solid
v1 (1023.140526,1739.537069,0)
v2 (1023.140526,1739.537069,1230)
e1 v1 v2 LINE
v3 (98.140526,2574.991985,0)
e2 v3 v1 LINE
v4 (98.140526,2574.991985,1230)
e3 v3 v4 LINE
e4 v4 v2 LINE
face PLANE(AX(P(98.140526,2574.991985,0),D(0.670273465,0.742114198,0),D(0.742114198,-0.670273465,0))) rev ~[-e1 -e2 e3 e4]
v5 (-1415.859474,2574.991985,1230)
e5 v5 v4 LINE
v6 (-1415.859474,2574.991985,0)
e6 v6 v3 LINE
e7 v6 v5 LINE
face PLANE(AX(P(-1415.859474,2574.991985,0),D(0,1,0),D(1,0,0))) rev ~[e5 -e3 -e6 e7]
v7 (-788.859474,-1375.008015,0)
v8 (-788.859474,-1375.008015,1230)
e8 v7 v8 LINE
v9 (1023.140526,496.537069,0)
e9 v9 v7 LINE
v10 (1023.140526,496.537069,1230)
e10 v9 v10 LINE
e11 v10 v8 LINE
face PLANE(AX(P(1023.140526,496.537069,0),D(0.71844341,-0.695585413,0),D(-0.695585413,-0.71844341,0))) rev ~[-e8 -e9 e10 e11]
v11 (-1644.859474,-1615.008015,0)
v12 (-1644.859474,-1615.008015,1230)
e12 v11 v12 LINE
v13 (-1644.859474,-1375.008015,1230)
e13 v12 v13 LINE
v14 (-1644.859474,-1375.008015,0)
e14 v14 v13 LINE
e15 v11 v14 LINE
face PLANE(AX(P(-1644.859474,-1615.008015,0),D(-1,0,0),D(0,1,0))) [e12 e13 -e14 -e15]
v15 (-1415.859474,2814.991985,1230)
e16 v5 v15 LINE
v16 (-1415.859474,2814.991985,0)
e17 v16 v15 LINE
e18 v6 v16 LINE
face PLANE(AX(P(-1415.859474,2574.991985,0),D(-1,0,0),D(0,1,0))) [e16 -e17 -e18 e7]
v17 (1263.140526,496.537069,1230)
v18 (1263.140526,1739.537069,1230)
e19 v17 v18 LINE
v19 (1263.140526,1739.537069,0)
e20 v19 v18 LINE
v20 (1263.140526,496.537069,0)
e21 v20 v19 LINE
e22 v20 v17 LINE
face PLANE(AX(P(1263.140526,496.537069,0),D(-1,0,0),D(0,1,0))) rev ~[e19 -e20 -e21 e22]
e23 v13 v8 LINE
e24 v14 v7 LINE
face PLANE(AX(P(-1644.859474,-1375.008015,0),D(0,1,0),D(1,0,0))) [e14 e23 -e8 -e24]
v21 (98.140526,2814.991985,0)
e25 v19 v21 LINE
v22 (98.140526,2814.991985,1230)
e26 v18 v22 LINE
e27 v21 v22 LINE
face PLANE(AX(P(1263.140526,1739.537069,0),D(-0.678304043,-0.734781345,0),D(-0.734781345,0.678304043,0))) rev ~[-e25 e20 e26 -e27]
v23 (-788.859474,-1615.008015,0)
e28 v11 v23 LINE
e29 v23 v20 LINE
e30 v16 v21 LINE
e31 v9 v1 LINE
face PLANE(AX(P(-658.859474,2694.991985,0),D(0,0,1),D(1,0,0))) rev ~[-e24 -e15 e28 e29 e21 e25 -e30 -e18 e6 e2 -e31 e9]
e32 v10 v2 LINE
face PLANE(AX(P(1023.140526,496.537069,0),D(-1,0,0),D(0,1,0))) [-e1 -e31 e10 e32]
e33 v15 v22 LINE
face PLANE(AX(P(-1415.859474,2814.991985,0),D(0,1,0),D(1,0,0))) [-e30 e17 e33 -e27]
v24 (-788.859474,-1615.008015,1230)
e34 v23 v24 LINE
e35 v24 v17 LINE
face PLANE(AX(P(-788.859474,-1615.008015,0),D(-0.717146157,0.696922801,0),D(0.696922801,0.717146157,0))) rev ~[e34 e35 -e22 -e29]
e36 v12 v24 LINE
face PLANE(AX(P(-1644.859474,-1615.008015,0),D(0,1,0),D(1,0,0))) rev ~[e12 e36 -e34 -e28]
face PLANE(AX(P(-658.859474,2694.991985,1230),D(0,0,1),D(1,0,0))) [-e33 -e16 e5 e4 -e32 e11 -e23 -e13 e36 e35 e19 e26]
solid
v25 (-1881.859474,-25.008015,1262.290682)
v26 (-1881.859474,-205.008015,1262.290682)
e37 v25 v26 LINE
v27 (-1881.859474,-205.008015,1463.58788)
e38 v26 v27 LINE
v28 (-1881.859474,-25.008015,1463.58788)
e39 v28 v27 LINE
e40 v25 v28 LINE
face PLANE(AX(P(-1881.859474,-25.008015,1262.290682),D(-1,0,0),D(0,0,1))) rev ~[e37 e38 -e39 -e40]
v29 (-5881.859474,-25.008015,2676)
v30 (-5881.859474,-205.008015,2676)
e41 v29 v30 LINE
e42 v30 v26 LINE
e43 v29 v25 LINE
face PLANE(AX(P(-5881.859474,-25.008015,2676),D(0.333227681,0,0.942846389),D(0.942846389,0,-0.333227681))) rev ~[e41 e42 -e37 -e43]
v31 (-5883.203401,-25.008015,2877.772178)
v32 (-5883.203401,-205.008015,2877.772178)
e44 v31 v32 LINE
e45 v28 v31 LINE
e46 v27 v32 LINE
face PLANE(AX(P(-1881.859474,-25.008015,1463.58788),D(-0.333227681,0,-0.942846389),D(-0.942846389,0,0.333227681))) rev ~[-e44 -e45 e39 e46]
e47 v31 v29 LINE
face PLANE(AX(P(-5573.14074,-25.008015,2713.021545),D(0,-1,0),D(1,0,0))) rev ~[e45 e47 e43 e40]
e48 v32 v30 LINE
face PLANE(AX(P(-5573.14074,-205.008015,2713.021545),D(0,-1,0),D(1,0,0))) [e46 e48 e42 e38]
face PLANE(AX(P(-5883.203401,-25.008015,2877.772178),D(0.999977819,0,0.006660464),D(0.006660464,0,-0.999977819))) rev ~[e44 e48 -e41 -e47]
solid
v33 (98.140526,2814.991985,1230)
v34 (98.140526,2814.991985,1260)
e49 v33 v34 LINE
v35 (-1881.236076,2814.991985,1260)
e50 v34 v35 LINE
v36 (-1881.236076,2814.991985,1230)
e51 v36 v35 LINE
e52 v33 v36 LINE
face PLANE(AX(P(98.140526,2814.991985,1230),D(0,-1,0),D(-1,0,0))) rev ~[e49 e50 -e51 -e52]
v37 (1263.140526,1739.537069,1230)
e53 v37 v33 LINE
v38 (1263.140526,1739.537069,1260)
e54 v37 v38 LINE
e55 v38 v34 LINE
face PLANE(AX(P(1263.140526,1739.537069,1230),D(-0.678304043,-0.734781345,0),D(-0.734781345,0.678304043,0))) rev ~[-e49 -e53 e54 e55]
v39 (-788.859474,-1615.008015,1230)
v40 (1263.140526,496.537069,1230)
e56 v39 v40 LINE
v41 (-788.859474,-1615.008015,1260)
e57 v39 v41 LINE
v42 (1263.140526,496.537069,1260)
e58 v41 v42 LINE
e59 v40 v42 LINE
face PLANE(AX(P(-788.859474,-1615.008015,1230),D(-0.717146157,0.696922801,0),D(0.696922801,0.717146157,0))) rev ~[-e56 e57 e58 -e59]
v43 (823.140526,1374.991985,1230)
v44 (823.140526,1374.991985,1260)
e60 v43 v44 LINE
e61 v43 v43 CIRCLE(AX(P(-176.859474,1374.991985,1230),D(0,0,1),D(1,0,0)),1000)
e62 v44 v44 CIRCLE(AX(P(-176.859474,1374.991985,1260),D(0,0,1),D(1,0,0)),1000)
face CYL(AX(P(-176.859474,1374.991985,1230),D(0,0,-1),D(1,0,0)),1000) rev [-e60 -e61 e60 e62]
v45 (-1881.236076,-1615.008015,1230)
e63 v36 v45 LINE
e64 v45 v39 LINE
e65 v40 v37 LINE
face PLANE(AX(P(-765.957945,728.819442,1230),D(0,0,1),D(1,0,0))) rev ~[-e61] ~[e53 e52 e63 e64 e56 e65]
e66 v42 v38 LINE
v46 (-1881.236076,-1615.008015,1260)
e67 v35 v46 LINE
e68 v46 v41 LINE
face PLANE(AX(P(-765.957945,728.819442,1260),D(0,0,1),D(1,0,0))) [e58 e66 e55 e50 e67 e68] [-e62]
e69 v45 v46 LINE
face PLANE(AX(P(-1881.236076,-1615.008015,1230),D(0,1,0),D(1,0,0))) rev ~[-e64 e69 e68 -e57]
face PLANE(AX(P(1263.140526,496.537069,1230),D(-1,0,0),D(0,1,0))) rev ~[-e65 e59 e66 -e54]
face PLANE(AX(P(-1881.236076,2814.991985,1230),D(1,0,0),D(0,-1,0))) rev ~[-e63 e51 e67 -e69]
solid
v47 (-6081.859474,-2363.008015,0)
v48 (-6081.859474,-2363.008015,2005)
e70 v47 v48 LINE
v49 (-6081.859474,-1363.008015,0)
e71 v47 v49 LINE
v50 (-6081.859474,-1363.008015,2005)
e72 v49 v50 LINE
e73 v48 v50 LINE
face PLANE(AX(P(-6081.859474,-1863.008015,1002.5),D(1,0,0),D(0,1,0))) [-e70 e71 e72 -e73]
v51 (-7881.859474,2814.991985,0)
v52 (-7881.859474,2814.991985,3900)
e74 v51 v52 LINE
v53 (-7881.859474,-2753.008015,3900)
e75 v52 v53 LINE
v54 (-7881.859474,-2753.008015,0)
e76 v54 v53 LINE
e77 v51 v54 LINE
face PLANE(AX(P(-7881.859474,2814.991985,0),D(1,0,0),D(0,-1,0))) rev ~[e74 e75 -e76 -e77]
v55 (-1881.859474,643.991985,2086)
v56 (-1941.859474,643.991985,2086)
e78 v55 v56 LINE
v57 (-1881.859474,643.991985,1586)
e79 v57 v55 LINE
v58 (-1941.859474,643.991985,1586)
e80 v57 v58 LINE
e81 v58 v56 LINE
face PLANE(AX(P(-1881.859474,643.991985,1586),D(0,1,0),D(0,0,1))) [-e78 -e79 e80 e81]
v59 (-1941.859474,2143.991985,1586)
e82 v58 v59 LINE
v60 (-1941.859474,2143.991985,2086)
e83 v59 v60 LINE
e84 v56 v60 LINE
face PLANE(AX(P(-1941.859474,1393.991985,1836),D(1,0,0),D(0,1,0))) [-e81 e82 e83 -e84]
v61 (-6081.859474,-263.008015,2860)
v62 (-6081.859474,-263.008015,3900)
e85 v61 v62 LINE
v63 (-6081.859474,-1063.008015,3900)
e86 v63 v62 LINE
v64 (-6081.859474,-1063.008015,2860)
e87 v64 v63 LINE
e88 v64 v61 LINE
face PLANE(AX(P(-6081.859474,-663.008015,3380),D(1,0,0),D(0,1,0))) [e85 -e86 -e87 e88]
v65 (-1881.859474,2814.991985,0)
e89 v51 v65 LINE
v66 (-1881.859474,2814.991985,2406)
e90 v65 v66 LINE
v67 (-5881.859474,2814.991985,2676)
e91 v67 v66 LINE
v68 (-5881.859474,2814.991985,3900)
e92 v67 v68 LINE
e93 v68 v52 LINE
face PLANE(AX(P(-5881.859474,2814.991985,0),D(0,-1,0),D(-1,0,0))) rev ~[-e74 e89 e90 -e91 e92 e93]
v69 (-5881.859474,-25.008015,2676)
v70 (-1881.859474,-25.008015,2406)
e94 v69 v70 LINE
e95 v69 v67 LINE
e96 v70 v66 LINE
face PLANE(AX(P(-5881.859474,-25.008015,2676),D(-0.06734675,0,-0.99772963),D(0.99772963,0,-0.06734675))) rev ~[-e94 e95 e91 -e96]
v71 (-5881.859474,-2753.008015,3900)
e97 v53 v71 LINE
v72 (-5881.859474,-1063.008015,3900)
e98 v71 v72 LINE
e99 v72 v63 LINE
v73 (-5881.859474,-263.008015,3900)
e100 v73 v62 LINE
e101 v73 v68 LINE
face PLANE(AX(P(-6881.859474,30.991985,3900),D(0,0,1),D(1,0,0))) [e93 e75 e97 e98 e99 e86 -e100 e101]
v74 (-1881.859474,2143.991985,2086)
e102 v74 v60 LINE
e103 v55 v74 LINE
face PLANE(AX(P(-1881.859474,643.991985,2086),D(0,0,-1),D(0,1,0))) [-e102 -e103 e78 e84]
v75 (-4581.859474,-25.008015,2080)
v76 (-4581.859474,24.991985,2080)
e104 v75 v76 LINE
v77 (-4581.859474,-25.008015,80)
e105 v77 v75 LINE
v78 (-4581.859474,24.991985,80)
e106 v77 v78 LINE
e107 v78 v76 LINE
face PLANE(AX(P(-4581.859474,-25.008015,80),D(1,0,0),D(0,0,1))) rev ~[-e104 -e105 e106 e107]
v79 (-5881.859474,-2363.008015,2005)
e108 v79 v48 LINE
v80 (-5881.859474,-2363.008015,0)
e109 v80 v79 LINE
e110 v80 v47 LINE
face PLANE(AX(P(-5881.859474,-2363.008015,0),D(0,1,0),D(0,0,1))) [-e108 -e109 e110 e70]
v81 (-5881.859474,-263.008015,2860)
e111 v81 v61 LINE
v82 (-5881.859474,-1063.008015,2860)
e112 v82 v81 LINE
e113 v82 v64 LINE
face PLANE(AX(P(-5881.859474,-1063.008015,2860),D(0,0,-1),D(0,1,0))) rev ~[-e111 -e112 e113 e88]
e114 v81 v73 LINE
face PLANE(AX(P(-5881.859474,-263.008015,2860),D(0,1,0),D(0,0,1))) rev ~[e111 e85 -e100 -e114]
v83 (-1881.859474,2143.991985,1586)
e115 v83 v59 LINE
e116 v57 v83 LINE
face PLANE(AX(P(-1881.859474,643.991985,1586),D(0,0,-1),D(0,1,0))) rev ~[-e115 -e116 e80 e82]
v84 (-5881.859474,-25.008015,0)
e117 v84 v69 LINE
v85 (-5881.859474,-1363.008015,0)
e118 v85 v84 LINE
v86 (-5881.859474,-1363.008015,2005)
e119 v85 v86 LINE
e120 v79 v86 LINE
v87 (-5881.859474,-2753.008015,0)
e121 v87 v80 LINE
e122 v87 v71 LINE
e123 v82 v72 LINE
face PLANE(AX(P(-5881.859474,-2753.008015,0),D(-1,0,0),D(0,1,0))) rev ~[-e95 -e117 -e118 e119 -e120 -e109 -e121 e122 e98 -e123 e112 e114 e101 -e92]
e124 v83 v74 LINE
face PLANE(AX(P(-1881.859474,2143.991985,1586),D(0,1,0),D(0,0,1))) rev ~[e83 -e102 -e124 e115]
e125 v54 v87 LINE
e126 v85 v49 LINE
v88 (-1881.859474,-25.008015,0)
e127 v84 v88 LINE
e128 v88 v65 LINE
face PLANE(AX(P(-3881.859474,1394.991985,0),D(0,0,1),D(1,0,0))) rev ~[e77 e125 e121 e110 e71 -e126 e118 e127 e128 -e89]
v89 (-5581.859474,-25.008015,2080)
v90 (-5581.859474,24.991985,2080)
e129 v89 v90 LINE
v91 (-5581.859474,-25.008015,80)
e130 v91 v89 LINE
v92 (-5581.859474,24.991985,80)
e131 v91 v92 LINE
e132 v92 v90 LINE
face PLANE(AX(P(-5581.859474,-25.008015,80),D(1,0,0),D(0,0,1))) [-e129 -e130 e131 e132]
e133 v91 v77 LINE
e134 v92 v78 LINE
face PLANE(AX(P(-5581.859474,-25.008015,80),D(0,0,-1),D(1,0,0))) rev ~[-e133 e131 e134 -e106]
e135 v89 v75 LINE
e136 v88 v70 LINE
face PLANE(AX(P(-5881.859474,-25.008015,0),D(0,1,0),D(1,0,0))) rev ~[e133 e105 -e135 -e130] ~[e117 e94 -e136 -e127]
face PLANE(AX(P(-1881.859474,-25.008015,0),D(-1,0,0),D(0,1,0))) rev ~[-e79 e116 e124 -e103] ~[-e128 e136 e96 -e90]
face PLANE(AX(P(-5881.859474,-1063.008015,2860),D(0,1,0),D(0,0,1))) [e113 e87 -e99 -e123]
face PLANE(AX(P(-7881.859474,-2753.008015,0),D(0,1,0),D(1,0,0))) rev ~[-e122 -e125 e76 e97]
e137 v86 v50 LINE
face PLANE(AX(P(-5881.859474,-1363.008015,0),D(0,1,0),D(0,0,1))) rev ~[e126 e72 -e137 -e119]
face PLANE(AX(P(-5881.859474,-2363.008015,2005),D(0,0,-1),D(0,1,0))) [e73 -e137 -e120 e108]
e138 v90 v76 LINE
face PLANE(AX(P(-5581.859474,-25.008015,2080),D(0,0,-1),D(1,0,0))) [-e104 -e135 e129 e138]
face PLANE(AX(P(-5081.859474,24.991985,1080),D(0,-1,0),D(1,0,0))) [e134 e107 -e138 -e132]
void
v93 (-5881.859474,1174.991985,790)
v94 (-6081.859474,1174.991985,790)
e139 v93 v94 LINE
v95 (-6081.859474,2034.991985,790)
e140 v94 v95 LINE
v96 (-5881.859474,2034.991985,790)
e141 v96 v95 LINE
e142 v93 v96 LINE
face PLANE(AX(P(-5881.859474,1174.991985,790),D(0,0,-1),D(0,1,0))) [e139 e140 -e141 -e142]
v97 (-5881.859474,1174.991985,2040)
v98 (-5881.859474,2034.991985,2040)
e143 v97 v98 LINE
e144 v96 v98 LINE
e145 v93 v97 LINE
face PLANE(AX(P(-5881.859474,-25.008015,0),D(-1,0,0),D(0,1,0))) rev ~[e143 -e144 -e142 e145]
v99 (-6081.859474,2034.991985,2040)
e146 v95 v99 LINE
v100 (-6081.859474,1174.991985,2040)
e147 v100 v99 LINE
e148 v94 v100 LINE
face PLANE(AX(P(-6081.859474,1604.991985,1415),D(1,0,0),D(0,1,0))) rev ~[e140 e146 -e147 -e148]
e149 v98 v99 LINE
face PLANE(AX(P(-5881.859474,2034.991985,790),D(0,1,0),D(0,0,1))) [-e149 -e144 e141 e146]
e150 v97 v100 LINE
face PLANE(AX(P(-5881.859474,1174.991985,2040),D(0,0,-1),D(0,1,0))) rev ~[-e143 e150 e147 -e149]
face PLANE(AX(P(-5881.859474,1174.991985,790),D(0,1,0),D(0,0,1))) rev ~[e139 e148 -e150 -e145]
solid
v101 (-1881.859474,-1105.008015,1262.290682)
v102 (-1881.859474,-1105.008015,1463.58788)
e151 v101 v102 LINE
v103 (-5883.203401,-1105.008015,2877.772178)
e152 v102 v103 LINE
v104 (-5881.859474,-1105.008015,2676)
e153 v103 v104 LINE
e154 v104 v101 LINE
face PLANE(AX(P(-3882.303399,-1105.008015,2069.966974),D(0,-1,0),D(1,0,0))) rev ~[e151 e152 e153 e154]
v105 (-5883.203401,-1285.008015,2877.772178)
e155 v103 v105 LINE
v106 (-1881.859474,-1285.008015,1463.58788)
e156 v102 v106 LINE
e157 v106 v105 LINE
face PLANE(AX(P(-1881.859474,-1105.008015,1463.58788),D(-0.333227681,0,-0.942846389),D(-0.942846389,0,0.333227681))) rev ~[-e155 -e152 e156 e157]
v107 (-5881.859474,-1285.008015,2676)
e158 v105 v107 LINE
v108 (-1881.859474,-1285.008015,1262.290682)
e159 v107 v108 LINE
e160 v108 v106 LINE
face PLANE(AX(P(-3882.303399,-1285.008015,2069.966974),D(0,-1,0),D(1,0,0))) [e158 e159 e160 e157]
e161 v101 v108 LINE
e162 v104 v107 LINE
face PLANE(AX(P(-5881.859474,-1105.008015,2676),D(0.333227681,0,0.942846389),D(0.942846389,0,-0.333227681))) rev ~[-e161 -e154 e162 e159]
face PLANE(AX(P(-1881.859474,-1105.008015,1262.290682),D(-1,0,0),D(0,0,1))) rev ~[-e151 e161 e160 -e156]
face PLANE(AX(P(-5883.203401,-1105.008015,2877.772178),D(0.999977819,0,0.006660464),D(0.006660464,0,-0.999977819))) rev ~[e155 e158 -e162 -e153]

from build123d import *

# Parameters (mm, degrees)
F0_W      = 1514
F0_H      = 240
F0_W_2    = 240
F0_H_2    = 1243
F0_W_3    = 856
F1_DEPTH  = 1230
F2_DEPTH  = 3900
F3_W      = 1000
F3_H      = 2005
F4_DEPTH  = 200
F5_W      = 860
F5_H      = 1250
F6_DEPTH  = 200
F7_W      = 800
F7_H      = 1040
F8_DEPTH  = 200
F0_W_4    = 4000
F0_H_3    = 2840
F10_DEPTH = 2676
F12_DEPTH = 3620
F9_R      = 1000
F13_DEPTH = 30
F15_DEPTH = 180
F17_START = 900
F17_DEPTH = 180
F18_W     = 1000
F18_H     = 2000
F19_DEPTH = 50
F20_W     = 1500
F20_H     = 500
F21_DEPTH = 60


with BuildPart() as f1:
    # F0 (on Top) → F1 (new body)
    with BuildSketch(Plane.XY):
        with Locations((-658.8594744233, 2694.9919849969)):
            Rectangle(F0_W, F0_H)
        with Locations((1143.1405255767, 1118.037068611)):
            Rectangle(F0_W_2, F0_H_2)
        Polygon((1263.1405255767, 1739.537068611), (98.1405255767, 2814.9919849969), (98.1405255767, 2574.9919849969), (1023.1405255767, 1739.537068611), align=None)
        Polygon((-788.8594744233, -1615.0080150031), (1263.1405255767, 496.537068611), (1023.1405255767, 496.537068611), (-788.8594744233, -1375.0080150031), align=None)
        with Locations((-1216.8594744233, -1495.0080150031)):
            Rectangle(F0_W_3, F0_H)
    extrude(amount=F1_DEPTH)


with BuildPart() as f2:
    # F0 (on Top) → F2 (new body)
    with BuildSketch(Plane.XY):
        Polygon((-7881.8594744233, 2814.9919849969), (-7881.8594744233, -2753.0080150031), (-5881.8594744233, -2753.0080150031), (-5881.8594744233, -25.0080150031), (-5881.8594744233, 2814.9919849969), align=None)
    extrude(amount=F2_DEPTH)

    # F3 (on face) → F4 (cut)
    with BuildSketch(Plane.YZ.offset(-5881.8594744233)):
        with Locations((-1863.0080150031, 1002.5)):
            Rectangle(F3_W, F3_H)
    extrude(amount=-F4_DEPTH, mode=Mode.SUBTRACT)

    # F5 (on face) → F6 (cut)
    with BuildSketch(Plane.YZ.offset(-5881.8594744233)):
        with Locations((1604.9919849969, 1415)):
            Rectangle(F5_W, F5_H)
    extrude(amount=-F6_DEPTH, mode=Mode.SUBTRACT)

    # F7 (on face) → F8 (cut)
    with BuildSketch(Plane.YZ.offset(-5881.8594744233)):
        with Locations((-663.0080150031, 3380)):
            Rectangle(F7_W, F7_H)
    extrude(amount=-F8_DEPTH, mode=Mode.SUBTRACT)

    # F0 (on Top) → F10 (join)
    with BuildSketch(Plane.XY):
        with Locations((-3881.8594744233, 1394.9919849969)):
            Rectangle(F0_W_4, F0_H_3)
    extrude(amount=F10_DEPTH)

    # F11 (on face) → F12 (cut)
    with BuildSketch(Plane.XZ.offset(25.0080150031)):
        Polygon((-1881.8594744233, 2676), (-5881.8594744233, 2676), (-1881.8594744233, 2406), align=None)
    extrude(amount=-F12_DEPTH, mode=Mode.SUBTRACT)

    # F18 (on face) → F19 (cut)
    with BuildSketch(Plane.XZ.offset(25.0080150031)):
        with Locations((-5081.8594744233, 1080)):
            Rectangle(F18_W, F18_H)
    extrude(amount=-F19_DEPTH, mode=Mode.SUBTRACT)

    # F20 (on face) → F21 (cut)
    with BuildSketch(Plane.YZ.offset(-1881.8594744233)):
        with Locations((1393.9919849969, 1836)):
            Rectangle(F20_W, F20_H)
    extrude(amount=-F21_DEPTH, mode=Mode.SUBTRACT)


with BuildPart() as f13:
    # F9 (on face) → F13 (new body)
    with BuildSketch(Plane.XY.offset(1230)):
        Polygon((-1415.8594744233, 2574.9919849969), (-1415.8594744233, 2814.9919849969), (-1881.236076355, 2814.9919849969), (-1881.236076355, -1615.0080150031), (-1644.8594744233, -1615.0080150031), (-1644.8594744233, -1375.0080150031), (-788.8594744233, -1375.0080150031), (1023.1405255767, 496.537068611), (1023.1405255767, 1739.537068611), (98.1405255767, 2574.9919849969), align=None)
        with Locations((-176.8594744233, 1374.9919849969)):
            Circle(F9_R, mode=Mode.SUBTRACT)
        Polygon((1263.1405255767, 1739.537068611), (98.1405255767, 2814.9919849969), (-1415.8594744233, 2814.9919849969), (-1415.8594744233, 2574.9919849969), (98.1405255767, 2574.9919849969), (1023.1405255767, 1739.537068611), (1023.1405255767, 496.537068611), (-788.8594744233, -1375.0080150031), (-1644.8594744233, -1375.0080150031), (-1644.8594744233, -1615.0080150031), (-788.8594744233, -1615.0080150031), (1263.1405255767, 496.537068611), align=None)
    extrude(amount=F13_DEPTH)


with BuildPart() as f15:
    # F14 (on face) → F15 (new body)
    with BuildSketch(Plane.XZ.offset(25.0080150031)):
        Polygon((-5883.2034006143, 2877.7721783601), (-5881.8594744233, 2676), (-5177.8442322609, 2628.478971154), align=None)
        Polygon((-5177.8442322609, 2628.478971154), (-5881.8594744233, 2676), (-1881.8594744233, 1262.2906820192), (-1881.8594744233, 1463.5878801346), align=None)
    extrude(amount=F15_DEPTH)


with BuildPart() as f17:
    # F16 (on face) → F17 (new body)
    with BuildSketch(Plane.XZ.offset(205.0080150031).offset(F17_START)):
        Polygon((-1881.8594744233, 1463.5878801346), (-5883.2034006143, 2877.7721783601), (-5881.8594744233, 2676), (-1881.8594744233, 1262.2906820192), align=None)
    extrude(amount=F17_DEPTH)


solid = Compound([f1.part, f2.part, f13.part, f15.part, f17.part])
